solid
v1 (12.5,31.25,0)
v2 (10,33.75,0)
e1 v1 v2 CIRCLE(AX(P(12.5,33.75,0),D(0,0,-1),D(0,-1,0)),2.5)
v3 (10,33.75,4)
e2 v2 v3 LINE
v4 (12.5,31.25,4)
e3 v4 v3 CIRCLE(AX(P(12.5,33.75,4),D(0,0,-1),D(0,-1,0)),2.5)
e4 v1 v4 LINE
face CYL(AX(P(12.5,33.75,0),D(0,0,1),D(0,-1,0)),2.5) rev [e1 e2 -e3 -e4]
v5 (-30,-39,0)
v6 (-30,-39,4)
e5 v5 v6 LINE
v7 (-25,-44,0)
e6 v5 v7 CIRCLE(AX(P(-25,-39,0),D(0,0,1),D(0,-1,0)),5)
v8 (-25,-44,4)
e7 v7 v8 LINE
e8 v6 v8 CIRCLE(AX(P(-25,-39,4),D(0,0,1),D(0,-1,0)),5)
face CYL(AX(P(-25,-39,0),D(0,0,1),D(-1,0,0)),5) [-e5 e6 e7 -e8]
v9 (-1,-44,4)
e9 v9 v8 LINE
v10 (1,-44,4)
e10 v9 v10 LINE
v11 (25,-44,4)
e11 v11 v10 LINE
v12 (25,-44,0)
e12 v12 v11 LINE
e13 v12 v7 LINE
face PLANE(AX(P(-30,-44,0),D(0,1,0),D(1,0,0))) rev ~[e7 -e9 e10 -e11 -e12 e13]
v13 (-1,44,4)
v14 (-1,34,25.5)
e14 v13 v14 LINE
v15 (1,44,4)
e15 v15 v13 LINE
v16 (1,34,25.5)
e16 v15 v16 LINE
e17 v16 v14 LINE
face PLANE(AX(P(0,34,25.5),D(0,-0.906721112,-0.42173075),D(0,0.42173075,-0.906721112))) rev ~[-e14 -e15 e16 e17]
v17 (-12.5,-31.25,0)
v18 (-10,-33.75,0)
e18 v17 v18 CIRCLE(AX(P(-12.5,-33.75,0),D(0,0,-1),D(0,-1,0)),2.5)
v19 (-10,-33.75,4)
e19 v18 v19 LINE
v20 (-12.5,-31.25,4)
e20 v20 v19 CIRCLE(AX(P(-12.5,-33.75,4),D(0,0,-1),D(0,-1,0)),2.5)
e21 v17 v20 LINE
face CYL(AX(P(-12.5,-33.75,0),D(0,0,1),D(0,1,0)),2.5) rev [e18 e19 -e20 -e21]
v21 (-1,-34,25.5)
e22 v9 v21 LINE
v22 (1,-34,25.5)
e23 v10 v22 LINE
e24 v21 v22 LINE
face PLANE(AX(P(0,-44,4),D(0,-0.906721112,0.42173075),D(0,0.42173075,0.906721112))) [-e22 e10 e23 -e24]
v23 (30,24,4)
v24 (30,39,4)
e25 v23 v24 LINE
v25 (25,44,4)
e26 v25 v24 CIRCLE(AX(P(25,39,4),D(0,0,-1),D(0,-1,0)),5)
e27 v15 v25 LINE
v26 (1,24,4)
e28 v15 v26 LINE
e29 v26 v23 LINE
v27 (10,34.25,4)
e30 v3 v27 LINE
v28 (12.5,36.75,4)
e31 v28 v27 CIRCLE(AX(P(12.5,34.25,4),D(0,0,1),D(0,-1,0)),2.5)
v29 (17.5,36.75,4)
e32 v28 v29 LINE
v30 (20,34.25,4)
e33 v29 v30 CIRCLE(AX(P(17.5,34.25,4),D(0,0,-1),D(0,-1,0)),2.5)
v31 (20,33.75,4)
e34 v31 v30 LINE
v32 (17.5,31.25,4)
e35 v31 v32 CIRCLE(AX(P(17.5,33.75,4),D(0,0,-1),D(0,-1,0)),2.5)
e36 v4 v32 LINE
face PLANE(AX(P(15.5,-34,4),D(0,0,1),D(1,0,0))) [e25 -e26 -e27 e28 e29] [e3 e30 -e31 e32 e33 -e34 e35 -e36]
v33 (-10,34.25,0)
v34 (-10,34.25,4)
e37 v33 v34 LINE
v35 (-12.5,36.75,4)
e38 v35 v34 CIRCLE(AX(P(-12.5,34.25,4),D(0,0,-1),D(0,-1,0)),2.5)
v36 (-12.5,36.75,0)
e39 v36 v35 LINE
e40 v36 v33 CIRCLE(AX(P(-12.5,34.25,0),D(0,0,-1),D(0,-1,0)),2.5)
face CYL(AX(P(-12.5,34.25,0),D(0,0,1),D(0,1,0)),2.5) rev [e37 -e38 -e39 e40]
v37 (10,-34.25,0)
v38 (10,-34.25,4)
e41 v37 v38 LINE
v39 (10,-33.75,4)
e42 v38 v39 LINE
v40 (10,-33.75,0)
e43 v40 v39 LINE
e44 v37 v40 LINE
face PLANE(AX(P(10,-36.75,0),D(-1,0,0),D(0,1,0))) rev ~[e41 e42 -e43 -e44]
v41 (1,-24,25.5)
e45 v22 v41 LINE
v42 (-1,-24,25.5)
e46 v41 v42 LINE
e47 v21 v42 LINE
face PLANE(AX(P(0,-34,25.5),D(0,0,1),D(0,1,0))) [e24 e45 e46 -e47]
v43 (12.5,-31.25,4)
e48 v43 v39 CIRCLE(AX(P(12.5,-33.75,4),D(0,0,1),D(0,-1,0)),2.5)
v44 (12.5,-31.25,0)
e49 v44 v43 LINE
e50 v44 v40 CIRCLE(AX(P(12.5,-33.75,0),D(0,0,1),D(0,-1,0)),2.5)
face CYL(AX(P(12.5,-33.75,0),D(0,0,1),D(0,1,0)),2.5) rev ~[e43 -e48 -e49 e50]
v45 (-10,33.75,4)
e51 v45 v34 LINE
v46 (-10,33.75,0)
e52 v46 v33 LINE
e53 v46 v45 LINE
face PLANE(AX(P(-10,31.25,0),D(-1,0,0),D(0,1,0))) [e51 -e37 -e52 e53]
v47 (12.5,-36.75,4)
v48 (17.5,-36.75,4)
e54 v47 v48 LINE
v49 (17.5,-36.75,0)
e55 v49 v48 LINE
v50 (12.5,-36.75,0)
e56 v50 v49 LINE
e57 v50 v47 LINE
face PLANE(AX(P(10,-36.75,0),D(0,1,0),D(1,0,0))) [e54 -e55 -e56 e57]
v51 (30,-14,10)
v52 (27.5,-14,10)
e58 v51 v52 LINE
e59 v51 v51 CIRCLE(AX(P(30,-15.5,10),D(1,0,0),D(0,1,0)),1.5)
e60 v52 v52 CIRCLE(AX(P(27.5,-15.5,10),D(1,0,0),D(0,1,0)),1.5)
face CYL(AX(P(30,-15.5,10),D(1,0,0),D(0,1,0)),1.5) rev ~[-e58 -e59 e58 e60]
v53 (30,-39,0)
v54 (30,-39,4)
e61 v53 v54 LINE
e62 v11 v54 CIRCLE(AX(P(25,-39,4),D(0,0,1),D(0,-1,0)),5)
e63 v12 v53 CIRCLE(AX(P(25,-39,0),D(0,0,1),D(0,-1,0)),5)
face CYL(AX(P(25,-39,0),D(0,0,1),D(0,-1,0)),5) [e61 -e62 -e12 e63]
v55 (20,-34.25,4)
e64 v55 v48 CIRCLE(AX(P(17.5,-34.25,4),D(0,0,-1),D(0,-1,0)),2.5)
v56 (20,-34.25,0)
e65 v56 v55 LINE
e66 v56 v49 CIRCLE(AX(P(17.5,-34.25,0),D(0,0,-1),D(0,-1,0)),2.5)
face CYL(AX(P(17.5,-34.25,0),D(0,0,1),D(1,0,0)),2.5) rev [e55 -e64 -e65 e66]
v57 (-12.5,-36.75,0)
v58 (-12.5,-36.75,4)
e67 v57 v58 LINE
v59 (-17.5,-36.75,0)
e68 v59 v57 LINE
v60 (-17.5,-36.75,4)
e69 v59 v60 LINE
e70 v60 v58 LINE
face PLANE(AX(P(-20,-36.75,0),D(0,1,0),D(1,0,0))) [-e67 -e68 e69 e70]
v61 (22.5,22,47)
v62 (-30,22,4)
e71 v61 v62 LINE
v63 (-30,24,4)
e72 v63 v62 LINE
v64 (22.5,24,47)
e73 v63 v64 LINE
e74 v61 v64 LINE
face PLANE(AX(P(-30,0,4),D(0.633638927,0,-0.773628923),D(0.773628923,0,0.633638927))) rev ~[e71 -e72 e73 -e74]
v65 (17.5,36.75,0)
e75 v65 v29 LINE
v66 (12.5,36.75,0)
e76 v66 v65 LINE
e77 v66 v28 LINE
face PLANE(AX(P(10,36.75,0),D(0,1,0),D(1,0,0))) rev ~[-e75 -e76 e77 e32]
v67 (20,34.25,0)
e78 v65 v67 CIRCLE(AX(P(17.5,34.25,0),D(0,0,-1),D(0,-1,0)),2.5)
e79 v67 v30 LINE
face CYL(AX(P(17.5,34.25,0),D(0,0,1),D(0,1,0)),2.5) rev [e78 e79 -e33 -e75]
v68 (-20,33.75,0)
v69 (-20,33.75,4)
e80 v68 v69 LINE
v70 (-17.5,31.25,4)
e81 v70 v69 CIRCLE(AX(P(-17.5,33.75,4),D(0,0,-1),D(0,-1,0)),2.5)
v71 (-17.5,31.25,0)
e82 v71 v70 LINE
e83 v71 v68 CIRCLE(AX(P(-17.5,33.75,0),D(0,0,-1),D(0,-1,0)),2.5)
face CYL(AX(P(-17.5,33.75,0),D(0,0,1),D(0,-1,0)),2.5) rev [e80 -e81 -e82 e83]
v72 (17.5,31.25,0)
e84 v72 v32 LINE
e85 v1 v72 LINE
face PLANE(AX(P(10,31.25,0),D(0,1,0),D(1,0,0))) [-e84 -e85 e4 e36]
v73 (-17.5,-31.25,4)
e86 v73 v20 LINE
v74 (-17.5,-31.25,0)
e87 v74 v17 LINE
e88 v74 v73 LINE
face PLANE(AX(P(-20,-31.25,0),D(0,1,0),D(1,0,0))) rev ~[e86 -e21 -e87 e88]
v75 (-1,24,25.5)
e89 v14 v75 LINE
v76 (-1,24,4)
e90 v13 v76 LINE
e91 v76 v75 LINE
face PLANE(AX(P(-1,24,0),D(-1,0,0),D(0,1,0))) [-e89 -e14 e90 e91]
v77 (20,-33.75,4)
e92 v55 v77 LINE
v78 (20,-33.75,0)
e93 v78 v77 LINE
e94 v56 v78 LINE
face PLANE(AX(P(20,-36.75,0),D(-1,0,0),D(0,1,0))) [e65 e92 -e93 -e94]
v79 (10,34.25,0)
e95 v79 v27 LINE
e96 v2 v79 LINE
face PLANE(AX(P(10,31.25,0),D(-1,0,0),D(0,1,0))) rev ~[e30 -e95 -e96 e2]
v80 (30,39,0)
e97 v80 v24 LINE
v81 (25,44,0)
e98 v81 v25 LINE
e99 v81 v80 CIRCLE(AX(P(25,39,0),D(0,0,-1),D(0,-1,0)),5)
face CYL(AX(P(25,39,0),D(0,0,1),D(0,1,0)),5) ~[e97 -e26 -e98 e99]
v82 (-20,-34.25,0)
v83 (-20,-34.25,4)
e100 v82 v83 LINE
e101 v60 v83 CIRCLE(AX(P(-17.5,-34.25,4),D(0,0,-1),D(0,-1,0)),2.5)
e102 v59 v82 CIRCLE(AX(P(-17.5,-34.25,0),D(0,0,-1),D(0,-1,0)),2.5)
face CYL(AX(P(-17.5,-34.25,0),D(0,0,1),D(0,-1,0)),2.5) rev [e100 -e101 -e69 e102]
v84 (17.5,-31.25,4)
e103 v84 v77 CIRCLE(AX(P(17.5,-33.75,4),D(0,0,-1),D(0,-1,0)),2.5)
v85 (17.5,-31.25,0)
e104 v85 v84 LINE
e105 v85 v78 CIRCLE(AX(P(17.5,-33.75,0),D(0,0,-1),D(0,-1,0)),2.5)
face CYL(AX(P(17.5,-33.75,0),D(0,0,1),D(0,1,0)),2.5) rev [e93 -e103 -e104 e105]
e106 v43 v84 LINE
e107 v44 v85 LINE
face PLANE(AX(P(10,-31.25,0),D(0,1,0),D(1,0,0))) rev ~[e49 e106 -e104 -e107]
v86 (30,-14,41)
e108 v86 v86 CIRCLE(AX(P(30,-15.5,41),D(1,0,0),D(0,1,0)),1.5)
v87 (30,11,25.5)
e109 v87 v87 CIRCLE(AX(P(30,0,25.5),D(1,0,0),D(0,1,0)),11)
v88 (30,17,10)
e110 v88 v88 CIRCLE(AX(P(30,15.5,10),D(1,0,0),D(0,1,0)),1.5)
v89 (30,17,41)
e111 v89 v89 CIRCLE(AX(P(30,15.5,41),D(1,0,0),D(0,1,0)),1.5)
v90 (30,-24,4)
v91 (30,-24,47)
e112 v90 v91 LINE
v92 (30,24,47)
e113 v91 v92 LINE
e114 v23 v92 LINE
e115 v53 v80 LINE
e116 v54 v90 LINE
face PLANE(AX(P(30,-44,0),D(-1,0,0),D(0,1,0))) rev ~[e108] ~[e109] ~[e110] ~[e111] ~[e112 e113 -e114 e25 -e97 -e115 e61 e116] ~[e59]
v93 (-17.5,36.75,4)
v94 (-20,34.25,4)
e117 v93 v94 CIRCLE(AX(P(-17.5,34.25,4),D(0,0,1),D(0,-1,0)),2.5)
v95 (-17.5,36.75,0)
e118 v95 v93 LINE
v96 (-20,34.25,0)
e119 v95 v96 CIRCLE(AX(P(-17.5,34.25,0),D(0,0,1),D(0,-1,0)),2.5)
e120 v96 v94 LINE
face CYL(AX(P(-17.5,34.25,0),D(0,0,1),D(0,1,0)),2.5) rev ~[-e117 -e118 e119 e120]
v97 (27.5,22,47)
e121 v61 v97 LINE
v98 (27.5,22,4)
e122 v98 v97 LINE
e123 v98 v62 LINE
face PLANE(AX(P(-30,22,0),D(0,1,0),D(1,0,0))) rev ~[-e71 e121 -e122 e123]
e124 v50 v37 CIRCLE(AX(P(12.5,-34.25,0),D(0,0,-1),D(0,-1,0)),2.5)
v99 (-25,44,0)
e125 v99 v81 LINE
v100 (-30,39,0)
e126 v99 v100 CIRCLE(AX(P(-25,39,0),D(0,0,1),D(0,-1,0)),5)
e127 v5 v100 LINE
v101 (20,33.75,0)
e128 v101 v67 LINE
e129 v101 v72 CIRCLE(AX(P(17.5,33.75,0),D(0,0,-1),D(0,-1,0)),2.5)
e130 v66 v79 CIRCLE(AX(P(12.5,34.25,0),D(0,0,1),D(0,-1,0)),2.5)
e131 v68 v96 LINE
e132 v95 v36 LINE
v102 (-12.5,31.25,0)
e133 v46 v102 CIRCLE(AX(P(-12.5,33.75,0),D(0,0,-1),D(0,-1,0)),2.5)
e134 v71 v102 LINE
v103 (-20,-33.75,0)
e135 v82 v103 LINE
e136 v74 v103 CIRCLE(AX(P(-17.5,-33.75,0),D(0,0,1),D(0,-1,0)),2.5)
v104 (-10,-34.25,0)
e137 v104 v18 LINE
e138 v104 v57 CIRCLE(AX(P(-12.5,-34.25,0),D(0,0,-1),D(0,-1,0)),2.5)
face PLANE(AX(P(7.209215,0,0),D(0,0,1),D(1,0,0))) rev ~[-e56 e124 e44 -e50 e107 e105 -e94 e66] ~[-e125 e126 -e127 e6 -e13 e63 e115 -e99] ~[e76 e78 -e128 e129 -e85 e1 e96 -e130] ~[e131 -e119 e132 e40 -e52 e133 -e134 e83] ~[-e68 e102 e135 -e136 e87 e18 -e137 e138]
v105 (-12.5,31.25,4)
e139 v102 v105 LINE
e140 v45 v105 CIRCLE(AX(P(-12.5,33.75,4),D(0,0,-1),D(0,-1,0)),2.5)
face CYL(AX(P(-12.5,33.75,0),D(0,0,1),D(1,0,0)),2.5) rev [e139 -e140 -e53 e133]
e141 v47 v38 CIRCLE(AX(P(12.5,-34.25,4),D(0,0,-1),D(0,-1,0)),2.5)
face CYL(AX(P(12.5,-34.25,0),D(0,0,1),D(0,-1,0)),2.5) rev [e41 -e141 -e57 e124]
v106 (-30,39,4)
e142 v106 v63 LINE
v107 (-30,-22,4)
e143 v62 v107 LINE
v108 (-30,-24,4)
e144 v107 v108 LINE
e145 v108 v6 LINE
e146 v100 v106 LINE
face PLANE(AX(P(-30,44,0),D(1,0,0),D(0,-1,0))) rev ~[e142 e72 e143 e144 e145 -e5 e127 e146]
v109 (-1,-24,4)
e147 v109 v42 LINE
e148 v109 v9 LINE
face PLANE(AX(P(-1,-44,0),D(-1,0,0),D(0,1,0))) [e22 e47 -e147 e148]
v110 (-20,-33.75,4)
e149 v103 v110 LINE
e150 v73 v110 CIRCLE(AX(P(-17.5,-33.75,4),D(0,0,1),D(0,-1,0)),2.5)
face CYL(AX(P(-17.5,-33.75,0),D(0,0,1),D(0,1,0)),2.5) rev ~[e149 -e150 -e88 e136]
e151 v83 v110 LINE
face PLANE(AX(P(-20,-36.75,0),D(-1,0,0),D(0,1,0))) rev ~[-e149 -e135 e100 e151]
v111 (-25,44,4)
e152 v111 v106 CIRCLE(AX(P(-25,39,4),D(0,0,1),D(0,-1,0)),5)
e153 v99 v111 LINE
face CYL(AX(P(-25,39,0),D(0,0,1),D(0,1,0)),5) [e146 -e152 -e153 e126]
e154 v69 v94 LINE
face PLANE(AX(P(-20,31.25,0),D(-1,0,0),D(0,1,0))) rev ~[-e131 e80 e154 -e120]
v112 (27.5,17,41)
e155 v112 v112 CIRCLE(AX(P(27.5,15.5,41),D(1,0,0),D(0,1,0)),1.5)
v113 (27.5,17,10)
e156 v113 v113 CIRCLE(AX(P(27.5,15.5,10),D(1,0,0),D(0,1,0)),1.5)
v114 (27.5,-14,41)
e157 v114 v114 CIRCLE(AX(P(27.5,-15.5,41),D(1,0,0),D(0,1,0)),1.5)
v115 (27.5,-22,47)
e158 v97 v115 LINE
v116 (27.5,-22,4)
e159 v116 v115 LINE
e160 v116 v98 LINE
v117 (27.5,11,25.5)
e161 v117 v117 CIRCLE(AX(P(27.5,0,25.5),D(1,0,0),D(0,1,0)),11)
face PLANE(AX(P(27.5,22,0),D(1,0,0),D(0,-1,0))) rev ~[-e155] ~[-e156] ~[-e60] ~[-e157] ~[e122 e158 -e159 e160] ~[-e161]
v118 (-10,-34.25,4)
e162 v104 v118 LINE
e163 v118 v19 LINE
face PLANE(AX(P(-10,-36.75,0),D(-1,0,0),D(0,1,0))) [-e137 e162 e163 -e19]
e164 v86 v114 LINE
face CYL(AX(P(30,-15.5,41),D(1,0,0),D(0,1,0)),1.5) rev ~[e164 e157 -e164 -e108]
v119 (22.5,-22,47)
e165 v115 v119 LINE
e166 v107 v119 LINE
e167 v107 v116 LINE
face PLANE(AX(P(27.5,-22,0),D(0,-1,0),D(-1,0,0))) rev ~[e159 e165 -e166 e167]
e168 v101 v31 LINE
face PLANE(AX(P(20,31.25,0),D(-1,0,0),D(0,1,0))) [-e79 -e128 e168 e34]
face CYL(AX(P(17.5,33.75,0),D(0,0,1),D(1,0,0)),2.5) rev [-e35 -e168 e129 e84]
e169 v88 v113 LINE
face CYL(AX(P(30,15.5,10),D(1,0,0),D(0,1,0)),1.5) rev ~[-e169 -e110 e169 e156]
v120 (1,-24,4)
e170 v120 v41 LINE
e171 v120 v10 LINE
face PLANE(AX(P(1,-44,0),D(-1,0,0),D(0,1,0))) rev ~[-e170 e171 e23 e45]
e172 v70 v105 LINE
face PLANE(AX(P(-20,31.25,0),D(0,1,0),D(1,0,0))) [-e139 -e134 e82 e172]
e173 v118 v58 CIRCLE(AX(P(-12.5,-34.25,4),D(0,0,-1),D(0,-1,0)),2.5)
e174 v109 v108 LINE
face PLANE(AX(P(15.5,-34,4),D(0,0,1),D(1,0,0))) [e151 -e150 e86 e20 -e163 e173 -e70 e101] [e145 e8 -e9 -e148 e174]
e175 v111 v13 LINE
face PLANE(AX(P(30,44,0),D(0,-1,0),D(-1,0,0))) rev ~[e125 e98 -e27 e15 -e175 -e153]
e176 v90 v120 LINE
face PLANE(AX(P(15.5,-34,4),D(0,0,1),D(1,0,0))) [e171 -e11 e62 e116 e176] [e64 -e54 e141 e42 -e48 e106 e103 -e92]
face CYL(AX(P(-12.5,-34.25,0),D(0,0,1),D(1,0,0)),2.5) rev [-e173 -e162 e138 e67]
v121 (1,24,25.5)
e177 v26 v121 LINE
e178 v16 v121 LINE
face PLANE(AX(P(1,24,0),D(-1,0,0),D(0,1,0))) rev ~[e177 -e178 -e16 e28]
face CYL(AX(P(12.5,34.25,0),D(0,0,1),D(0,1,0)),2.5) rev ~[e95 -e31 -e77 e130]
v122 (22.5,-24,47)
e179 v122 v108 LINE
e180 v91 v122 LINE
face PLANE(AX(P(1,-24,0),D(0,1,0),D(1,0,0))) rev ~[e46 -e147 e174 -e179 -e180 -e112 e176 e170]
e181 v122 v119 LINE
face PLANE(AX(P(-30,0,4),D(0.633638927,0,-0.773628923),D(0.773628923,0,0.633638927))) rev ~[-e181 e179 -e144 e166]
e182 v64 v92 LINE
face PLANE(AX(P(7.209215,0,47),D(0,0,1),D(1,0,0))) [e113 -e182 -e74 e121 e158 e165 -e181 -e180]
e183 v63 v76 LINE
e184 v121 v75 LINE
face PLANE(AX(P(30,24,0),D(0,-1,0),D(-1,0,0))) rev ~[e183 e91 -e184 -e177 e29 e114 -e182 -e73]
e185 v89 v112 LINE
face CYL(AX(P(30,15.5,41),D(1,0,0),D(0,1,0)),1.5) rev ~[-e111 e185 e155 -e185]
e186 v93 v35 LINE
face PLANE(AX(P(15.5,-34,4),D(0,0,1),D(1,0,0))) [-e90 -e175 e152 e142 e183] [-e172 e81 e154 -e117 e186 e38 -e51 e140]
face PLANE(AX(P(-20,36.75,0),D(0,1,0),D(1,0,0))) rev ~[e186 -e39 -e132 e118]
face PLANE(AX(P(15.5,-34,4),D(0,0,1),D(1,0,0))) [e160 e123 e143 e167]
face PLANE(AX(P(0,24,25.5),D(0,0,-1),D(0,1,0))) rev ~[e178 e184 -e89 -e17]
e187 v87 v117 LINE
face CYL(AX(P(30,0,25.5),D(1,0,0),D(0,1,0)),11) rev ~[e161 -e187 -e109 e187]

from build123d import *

# Parameters (mm, degrees)
F0_W     = 29
F0_H     = 20
F0_W_2   = 10
F0_H_2   = 5.5
F0_W_3   = 2
F0_W_4   = 57.5
F0_H_3   = 44
F1_DEPTH = 4
F2_DEPTH = 47
F3_R     = 11
F3_R_2   = 1.5
F4_DEPTH = 25
F6_DEPTH = 12.5
F8_DEPTH = 50
F9_R     = 2.5
F10_R    = 5


with BuildPart() as f1:
    # F0 (on Top) → F1 (new body)
    with BuildSketch(Plane.XY):
        with Locations((15.5, -34)):
            Rectangle(F0_W, F0_H)
        with Locations((15, -34)):
            Rectangle(F0_W_2, F0_H_2, mode=Mode.SUBTRACT)
        Polygon((1, -24), (30, -24), (30, 24), (1, 24), (-1, 24), (-30, 24), (-30, 22), (27.5, 22), (27.5, -22), (-30, -22), (-30, -24), (-1, -24), align=None)
        with Locations((0, -34)):
            Rectangle(F0_W_3, F0_H)
        with Locations((15.5, 34)):
            Rectangle(F0_W, F0_H)
        with Locations((15, 34)):
            Rectangle(F0_W_2, F0_H_2, mode=Mode.SUBTRACT)
        with Locations((-15.5, -34)):
            Rectangle(F0_W, F0_H)
        with Locations((-15, -34)):
            Rectangle(F0_W_2, F0_H_2, mode=Mode.SUBTRACT)
        with Locations((0, 34)):
            Rectangle(F0_W_3, F0_H)
        with Locations((-15.5, 34)):
            Rectangle(F0_W, F0_H)
        with Locations((-15, 34)):
            Rectangle(F0_W_2, F0_H_2, mode=Mode.SUBTRACT)
        with Locations((-1.25, 0)):
            Rectangle(F0_W_4, F0_H_3)
    extrude(amount=F1_DEPTH)

    # F0 (on Top) → F2 (join)
    with BuildSketch(Plane.XY):
        Polygon((1, -24), (30, -24), (30, 24), (1, 24), (-1, 24), (-30, 24), (-30, 22), (27.5, 22), (27.5, -22), (-30, -22), (-30, -24), (-1, -24), align=None)
        with Locations((0, 34)):
            Rectangle(F0_W_3, F0_H)
        with Locations((0, -34)):
            Rectangle(F0_W_3, F0_H)
    extrude(amount=F2_DEPTH)

    # F3 (on face) → F4 (cut)
    with BuildSketch(Plane.YZ.offset(30)):
        with Locations((0, 25.5)):
            Circle(F3_R)
        with Locations((-15.5, 41)):
            Circle(F3_R_2)
        with Locations((15.5, 41)):
            Circle(F3_R_2)
        with Locations((15.5, 10)):
            Circle(F3_R_2)
        with Locations((-15.5, 10)):
            Circle(F3_R_2)
    extrude(amount=-F4_DEPTH, mode=Mode.SUBTRACT)

    # F5 (on Right) → F6 (cut, symmetric)
    with BuildSketch(Plane.YZ):
        Polygon((-44, 47), (-44, 4), (-34, 25.5), (-24, 47), align=None)
        Polygon((-24, 47), (-34, 25.5), (-24, 25.5), align=None)
        Polygon((34, 25.5), (44, 4), (44, 47), (24, 47), align=None)
        Polygon((24, 25.5), (34, 25.5), (24, 47), align=None)
    extrude(amount=F6_DEPTH, both=True, mode=Mode.SUBTRACT)

    # F7 (on Front) → F8 (cut, symmetric)
    with BuildSketch(Plane.XZ):
        Polygon((-30, 47), (-30, 4), (22.5, 47), align=None)
    extrude(amount=F8_DEPTH, both=True, mode=Mode.SUBTRACT)

    # F9
    f9_edges = [f1.edges().sort_by_distance(p)[0] for p in [
        (-20, 36.75, 2),
        (-20, 31.25, 2),
        (-10, 36.75, 2),
        (-10, 31.25, 2),
        (20, 31.25, 2),
        (20, -36.75, 2),
        (-10, -36.75, 2),
        (20, -31.25, 2),
        (-10, -31.25, 2),
        (20, 36.75, 2),
        (-20, -36.75, 2),
        (10, -36.75, 2),
        (10, 31.25, 2),
        (-20, -31.25, 2),
        (10, -31.25, 2),
        (10, 36.75, 2),
    ]]
    fillet(f9_edges, radius=F9_R)

    # F10
    f10_edges = [f1.edges().sort_by_distance(p)[0] for p in [
        (-30, -44, 2),
        (30, -44, 2),
        (30, 44, 2),
        (-30, 44, 2),
    ]]
    fillet(f10_edges, radius=F10_R)


solid = f1.part
